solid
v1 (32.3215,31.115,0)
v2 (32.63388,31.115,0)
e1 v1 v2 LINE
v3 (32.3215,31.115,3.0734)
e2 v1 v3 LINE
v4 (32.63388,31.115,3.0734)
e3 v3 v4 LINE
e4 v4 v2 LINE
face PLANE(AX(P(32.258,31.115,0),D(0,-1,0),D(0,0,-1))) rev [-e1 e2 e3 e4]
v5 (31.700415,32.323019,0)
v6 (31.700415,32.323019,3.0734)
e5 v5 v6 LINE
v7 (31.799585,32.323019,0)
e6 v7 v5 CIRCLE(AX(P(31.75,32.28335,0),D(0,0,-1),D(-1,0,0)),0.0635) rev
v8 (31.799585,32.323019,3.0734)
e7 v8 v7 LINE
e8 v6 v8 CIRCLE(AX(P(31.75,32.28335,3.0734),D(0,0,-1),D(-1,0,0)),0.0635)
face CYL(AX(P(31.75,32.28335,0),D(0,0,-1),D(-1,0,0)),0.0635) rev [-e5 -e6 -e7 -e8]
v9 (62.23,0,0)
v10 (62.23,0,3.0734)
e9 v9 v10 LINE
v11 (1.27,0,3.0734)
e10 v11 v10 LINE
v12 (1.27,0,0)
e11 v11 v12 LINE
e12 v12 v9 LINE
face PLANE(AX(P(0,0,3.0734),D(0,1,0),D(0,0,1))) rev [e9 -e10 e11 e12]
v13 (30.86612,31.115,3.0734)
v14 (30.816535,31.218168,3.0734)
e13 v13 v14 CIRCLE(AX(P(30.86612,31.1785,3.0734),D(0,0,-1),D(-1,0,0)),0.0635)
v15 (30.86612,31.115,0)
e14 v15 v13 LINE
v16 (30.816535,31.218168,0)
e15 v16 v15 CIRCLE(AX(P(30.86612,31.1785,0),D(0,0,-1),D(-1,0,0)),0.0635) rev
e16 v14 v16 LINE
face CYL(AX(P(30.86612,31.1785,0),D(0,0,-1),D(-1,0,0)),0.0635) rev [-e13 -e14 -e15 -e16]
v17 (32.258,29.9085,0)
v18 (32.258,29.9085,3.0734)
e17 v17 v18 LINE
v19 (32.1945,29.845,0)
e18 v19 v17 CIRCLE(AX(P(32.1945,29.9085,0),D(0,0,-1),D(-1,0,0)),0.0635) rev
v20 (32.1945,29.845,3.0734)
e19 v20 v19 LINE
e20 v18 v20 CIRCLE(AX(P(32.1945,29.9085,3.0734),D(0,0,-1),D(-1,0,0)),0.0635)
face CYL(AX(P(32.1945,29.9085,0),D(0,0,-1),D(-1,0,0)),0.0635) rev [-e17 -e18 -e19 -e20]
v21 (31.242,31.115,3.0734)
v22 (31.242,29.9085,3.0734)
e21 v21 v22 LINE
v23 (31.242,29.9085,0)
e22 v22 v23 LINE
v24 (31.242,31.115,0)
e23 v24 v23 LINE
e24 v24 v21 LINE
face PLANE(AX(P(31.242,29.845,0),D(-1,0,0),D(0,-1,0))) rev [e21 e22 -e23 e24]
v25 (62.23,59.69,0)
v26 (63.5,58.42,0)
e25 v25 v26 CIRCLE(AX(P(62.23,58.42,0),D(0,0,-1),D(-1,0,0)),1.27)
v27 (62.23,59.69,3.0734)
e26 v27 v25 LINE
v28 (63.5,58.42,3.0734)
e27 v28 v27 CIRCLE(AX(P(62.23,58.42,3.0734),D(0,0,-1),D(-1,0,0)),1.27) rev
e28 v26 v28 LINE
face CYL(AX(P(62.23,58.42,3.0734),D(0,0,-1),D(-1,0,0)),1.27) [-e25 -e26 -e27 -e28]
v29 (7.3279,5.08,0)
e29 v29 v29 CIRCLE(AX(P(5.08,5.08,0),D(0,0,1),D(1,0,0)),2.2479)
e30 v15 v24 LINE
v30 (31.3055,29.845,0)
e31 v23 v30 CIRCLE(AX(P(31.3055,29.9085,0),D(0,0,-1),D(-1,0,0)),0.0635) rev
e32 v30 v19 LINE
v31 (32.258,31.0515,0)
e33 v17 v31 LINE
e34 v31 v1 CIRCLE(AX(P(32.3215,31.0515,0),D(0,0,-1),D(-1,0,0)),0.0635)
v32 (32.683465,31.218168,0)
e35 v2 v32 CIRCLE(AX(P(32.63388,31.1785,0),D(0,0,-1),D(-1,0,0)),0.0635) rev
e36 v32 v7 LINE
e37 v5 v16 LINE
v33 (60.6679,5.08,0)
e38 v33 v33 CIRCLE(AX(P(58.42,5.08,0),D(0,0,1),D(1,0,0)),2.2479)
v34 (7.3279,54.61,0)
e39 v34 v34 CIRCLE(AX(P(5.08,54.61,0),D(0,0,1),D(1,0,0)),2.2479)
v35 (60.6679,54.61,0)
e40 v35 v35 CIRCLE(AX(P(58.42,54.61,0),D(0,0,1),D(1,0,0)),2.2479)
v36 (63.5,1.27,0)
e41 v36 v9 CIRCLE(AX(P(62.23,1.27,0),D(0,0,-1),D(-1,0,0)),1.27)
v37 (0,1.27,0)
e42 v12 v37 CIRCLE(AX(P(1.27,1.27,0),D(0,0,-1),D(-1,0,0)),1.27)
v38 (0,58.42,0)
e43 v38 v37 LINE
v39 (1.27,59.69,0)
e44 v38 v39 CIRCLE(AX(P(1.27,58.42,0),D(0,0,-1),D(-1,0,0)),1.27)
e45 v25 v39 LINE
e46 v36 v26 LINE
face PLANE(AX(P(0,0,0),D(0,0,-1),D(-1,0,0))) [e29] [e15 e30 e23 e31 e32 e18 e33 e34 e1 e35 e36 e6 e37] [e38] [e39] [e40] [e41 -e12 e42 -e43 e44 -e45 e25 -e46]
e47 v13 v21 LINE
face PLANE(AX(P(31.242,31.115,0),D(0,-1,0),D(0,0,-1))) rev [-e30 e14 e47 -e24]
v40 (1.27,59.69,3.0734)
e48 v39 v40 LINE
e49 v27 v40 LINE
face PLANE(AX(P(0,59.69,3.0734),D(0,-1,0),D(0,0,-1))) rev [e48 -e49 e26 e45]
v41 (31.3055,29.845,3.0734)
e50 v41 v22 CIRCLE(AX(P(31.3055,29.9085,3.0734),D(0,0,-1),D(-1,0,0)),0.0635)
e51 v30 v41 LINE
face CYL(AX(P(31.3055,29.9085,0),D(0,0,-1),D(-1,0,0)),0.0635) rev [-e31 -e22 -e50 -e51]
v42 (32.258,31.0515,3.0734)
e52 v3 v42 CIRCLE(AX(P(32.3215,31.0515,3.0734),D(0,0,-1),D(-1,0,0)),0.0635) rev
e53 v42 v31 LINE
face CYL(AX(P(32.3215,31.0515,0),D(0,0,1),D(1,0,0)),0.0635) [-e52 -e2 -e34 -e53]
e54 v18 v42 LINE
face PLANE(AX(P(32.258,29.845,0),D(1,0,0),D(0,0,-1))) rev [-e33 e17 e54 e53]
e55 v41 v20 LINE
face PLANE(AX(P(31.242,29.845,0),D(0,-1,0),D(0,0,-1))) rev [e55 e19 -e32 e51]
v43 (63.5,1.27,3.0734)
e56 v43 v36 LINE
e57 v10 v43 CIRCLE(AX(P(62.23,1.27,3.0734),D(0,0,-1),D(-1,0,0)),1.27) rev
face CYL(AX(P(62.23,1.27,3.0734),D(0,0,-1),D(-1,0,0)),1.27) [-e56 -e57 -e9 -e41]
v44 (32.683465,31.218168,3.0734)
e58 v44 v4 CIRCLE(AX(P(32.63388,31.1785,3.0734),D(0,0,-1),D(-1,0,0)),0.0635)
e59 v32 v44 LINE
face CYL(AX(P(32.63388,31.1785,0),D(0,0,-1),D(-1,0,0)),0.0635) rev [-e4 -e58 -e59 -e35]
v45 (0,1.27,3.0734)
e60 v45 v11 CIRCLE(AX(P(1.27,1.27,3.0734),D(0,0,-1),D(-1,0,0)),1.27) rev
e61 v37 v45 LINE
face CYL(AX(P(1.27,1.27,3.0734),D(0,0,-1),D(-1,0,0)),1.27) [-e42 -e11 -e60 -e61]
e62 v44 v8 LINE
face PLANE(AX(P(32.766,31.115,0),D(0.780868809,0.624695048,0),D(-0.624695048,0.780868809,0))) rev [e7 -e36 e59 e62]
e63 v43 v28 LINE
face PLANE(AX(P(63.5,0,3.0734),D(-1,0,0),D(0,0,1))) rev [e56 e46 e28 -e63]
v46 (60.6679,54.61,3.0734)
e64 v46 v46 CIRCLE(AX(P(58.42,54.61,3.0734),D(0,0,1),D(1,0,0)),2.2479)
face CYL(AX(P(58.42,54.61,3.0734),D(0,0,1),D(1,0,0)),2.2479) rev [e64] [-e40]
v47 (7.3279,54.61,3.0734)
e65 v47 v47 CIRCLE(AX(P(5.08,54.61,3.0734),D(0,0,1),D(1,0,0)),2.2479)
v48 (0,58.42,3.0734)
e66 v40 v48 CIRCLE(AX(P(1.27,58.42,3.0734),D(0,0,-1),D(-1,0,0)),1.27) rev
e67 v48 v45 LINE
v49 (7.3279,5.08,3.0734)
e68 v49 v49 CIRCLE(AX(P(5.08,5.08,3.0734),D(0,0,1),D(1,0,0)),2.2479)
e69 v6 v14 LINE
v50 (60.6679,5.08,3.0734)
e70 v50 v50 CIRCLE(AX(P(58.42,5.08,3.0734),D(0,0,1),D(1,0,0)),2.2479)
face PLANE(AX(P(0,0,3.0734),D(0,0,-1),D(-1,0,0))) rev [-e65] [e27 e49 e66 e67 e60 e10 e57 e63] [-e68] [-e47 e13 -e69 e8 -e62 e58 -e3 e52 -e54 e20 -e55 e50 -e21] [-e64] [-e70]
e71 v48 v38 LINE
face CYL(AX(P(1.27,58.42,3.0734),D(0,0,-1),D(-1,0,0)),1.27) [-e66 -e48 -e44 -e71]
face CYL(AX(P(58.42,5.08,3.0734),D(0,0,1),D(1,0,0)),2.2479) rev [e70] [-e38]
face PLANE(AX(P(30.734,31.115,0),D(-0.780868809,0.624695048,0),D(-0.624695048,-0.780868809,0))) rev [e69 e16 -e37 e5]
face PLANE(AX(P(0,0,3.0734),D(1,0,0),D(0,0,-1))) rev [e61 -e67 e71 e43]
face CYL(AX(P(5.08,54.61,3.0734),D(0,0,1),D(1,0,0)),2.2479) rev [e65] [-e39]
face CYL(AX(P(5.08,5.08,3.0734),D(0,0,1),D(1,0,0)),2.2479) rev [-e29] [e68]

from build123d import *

# Parameters (mm, degrees)
SKETCH1_W             = 63.5
SKETCH1_H             = 59.69
BOSS_EXTRUDE1_DEPTH   = 3.0734
FILLET1_R             = 1.27
F_8_CLEARANCE_HOLE1_D = 4.4958
CUT_EXTRUDE1_DEPTH    = 4.0734
FILLET2_R             = 0.0635


with BuildPart() as part:
    # Sketch1 → Boss-Extrude1 (new body)
    with BuildSketch(Plane.XY):
        with Locations((31.75, 29.845)):
            Rectangle(SKETCH1_W, SKETCH1_H)
    extrude(amount=BOSS_EXTRUDE1_DEPTH)

    # Fillet1
    fillet1_edges = [part.edges().sort_by_distance(p)[0] for p in [
        (0, 59.69, 1.5367),
        (63.5, 59.69, 1.5367),
        (63.5, 0, 1.5367),
        (0, 0, 1.5367),
    ]]
    fillet(fillet1_edges, radius=FILLET1_R)

    # #8 Clearance Hole1 (through all)
    with Locations(Plane.XY.offset(3.0734)):
        with Locations((5.08, 54.61), (58.42, 54.61), (58.42, 5.08), (5.08, 5.08)):
            Hole(F_8_CLEARANCE_HOLE1_D / 2)

    # Sketch7 → Cut-Extrude1 (cut, through all)
    with BuildSketch(Plane.XY.offset(3.0734)):
        Polygon((31.242, 29.845), (31.242, 31.115), (30.734, 31.115), (31.75, 32.385), (32.766, 31.115), (32.258, 31.115), (32.258, 29.845), align=None)
    extrude(amount=-CUT_EXTRUDE1_DEPTH, mode=Mode.SUBTRACT)

    # Fillet2
    fillet2_edges = [part.edges().sort_by_distance(p)[0] for p in [
        (32.258, 29.845, 1.5367),
        (31.242, 29.845, 1.5367),
        (30.734, 31.115, 1.5367),
        (31.75, 32.385, 1.5367),
        (32.766, 31.115, 1.5367),
        (32.258, 31.115, 1.5367),
    ]]
    fillet(fillet2_edges, radius=FILLET2_R)


solid = part.part
